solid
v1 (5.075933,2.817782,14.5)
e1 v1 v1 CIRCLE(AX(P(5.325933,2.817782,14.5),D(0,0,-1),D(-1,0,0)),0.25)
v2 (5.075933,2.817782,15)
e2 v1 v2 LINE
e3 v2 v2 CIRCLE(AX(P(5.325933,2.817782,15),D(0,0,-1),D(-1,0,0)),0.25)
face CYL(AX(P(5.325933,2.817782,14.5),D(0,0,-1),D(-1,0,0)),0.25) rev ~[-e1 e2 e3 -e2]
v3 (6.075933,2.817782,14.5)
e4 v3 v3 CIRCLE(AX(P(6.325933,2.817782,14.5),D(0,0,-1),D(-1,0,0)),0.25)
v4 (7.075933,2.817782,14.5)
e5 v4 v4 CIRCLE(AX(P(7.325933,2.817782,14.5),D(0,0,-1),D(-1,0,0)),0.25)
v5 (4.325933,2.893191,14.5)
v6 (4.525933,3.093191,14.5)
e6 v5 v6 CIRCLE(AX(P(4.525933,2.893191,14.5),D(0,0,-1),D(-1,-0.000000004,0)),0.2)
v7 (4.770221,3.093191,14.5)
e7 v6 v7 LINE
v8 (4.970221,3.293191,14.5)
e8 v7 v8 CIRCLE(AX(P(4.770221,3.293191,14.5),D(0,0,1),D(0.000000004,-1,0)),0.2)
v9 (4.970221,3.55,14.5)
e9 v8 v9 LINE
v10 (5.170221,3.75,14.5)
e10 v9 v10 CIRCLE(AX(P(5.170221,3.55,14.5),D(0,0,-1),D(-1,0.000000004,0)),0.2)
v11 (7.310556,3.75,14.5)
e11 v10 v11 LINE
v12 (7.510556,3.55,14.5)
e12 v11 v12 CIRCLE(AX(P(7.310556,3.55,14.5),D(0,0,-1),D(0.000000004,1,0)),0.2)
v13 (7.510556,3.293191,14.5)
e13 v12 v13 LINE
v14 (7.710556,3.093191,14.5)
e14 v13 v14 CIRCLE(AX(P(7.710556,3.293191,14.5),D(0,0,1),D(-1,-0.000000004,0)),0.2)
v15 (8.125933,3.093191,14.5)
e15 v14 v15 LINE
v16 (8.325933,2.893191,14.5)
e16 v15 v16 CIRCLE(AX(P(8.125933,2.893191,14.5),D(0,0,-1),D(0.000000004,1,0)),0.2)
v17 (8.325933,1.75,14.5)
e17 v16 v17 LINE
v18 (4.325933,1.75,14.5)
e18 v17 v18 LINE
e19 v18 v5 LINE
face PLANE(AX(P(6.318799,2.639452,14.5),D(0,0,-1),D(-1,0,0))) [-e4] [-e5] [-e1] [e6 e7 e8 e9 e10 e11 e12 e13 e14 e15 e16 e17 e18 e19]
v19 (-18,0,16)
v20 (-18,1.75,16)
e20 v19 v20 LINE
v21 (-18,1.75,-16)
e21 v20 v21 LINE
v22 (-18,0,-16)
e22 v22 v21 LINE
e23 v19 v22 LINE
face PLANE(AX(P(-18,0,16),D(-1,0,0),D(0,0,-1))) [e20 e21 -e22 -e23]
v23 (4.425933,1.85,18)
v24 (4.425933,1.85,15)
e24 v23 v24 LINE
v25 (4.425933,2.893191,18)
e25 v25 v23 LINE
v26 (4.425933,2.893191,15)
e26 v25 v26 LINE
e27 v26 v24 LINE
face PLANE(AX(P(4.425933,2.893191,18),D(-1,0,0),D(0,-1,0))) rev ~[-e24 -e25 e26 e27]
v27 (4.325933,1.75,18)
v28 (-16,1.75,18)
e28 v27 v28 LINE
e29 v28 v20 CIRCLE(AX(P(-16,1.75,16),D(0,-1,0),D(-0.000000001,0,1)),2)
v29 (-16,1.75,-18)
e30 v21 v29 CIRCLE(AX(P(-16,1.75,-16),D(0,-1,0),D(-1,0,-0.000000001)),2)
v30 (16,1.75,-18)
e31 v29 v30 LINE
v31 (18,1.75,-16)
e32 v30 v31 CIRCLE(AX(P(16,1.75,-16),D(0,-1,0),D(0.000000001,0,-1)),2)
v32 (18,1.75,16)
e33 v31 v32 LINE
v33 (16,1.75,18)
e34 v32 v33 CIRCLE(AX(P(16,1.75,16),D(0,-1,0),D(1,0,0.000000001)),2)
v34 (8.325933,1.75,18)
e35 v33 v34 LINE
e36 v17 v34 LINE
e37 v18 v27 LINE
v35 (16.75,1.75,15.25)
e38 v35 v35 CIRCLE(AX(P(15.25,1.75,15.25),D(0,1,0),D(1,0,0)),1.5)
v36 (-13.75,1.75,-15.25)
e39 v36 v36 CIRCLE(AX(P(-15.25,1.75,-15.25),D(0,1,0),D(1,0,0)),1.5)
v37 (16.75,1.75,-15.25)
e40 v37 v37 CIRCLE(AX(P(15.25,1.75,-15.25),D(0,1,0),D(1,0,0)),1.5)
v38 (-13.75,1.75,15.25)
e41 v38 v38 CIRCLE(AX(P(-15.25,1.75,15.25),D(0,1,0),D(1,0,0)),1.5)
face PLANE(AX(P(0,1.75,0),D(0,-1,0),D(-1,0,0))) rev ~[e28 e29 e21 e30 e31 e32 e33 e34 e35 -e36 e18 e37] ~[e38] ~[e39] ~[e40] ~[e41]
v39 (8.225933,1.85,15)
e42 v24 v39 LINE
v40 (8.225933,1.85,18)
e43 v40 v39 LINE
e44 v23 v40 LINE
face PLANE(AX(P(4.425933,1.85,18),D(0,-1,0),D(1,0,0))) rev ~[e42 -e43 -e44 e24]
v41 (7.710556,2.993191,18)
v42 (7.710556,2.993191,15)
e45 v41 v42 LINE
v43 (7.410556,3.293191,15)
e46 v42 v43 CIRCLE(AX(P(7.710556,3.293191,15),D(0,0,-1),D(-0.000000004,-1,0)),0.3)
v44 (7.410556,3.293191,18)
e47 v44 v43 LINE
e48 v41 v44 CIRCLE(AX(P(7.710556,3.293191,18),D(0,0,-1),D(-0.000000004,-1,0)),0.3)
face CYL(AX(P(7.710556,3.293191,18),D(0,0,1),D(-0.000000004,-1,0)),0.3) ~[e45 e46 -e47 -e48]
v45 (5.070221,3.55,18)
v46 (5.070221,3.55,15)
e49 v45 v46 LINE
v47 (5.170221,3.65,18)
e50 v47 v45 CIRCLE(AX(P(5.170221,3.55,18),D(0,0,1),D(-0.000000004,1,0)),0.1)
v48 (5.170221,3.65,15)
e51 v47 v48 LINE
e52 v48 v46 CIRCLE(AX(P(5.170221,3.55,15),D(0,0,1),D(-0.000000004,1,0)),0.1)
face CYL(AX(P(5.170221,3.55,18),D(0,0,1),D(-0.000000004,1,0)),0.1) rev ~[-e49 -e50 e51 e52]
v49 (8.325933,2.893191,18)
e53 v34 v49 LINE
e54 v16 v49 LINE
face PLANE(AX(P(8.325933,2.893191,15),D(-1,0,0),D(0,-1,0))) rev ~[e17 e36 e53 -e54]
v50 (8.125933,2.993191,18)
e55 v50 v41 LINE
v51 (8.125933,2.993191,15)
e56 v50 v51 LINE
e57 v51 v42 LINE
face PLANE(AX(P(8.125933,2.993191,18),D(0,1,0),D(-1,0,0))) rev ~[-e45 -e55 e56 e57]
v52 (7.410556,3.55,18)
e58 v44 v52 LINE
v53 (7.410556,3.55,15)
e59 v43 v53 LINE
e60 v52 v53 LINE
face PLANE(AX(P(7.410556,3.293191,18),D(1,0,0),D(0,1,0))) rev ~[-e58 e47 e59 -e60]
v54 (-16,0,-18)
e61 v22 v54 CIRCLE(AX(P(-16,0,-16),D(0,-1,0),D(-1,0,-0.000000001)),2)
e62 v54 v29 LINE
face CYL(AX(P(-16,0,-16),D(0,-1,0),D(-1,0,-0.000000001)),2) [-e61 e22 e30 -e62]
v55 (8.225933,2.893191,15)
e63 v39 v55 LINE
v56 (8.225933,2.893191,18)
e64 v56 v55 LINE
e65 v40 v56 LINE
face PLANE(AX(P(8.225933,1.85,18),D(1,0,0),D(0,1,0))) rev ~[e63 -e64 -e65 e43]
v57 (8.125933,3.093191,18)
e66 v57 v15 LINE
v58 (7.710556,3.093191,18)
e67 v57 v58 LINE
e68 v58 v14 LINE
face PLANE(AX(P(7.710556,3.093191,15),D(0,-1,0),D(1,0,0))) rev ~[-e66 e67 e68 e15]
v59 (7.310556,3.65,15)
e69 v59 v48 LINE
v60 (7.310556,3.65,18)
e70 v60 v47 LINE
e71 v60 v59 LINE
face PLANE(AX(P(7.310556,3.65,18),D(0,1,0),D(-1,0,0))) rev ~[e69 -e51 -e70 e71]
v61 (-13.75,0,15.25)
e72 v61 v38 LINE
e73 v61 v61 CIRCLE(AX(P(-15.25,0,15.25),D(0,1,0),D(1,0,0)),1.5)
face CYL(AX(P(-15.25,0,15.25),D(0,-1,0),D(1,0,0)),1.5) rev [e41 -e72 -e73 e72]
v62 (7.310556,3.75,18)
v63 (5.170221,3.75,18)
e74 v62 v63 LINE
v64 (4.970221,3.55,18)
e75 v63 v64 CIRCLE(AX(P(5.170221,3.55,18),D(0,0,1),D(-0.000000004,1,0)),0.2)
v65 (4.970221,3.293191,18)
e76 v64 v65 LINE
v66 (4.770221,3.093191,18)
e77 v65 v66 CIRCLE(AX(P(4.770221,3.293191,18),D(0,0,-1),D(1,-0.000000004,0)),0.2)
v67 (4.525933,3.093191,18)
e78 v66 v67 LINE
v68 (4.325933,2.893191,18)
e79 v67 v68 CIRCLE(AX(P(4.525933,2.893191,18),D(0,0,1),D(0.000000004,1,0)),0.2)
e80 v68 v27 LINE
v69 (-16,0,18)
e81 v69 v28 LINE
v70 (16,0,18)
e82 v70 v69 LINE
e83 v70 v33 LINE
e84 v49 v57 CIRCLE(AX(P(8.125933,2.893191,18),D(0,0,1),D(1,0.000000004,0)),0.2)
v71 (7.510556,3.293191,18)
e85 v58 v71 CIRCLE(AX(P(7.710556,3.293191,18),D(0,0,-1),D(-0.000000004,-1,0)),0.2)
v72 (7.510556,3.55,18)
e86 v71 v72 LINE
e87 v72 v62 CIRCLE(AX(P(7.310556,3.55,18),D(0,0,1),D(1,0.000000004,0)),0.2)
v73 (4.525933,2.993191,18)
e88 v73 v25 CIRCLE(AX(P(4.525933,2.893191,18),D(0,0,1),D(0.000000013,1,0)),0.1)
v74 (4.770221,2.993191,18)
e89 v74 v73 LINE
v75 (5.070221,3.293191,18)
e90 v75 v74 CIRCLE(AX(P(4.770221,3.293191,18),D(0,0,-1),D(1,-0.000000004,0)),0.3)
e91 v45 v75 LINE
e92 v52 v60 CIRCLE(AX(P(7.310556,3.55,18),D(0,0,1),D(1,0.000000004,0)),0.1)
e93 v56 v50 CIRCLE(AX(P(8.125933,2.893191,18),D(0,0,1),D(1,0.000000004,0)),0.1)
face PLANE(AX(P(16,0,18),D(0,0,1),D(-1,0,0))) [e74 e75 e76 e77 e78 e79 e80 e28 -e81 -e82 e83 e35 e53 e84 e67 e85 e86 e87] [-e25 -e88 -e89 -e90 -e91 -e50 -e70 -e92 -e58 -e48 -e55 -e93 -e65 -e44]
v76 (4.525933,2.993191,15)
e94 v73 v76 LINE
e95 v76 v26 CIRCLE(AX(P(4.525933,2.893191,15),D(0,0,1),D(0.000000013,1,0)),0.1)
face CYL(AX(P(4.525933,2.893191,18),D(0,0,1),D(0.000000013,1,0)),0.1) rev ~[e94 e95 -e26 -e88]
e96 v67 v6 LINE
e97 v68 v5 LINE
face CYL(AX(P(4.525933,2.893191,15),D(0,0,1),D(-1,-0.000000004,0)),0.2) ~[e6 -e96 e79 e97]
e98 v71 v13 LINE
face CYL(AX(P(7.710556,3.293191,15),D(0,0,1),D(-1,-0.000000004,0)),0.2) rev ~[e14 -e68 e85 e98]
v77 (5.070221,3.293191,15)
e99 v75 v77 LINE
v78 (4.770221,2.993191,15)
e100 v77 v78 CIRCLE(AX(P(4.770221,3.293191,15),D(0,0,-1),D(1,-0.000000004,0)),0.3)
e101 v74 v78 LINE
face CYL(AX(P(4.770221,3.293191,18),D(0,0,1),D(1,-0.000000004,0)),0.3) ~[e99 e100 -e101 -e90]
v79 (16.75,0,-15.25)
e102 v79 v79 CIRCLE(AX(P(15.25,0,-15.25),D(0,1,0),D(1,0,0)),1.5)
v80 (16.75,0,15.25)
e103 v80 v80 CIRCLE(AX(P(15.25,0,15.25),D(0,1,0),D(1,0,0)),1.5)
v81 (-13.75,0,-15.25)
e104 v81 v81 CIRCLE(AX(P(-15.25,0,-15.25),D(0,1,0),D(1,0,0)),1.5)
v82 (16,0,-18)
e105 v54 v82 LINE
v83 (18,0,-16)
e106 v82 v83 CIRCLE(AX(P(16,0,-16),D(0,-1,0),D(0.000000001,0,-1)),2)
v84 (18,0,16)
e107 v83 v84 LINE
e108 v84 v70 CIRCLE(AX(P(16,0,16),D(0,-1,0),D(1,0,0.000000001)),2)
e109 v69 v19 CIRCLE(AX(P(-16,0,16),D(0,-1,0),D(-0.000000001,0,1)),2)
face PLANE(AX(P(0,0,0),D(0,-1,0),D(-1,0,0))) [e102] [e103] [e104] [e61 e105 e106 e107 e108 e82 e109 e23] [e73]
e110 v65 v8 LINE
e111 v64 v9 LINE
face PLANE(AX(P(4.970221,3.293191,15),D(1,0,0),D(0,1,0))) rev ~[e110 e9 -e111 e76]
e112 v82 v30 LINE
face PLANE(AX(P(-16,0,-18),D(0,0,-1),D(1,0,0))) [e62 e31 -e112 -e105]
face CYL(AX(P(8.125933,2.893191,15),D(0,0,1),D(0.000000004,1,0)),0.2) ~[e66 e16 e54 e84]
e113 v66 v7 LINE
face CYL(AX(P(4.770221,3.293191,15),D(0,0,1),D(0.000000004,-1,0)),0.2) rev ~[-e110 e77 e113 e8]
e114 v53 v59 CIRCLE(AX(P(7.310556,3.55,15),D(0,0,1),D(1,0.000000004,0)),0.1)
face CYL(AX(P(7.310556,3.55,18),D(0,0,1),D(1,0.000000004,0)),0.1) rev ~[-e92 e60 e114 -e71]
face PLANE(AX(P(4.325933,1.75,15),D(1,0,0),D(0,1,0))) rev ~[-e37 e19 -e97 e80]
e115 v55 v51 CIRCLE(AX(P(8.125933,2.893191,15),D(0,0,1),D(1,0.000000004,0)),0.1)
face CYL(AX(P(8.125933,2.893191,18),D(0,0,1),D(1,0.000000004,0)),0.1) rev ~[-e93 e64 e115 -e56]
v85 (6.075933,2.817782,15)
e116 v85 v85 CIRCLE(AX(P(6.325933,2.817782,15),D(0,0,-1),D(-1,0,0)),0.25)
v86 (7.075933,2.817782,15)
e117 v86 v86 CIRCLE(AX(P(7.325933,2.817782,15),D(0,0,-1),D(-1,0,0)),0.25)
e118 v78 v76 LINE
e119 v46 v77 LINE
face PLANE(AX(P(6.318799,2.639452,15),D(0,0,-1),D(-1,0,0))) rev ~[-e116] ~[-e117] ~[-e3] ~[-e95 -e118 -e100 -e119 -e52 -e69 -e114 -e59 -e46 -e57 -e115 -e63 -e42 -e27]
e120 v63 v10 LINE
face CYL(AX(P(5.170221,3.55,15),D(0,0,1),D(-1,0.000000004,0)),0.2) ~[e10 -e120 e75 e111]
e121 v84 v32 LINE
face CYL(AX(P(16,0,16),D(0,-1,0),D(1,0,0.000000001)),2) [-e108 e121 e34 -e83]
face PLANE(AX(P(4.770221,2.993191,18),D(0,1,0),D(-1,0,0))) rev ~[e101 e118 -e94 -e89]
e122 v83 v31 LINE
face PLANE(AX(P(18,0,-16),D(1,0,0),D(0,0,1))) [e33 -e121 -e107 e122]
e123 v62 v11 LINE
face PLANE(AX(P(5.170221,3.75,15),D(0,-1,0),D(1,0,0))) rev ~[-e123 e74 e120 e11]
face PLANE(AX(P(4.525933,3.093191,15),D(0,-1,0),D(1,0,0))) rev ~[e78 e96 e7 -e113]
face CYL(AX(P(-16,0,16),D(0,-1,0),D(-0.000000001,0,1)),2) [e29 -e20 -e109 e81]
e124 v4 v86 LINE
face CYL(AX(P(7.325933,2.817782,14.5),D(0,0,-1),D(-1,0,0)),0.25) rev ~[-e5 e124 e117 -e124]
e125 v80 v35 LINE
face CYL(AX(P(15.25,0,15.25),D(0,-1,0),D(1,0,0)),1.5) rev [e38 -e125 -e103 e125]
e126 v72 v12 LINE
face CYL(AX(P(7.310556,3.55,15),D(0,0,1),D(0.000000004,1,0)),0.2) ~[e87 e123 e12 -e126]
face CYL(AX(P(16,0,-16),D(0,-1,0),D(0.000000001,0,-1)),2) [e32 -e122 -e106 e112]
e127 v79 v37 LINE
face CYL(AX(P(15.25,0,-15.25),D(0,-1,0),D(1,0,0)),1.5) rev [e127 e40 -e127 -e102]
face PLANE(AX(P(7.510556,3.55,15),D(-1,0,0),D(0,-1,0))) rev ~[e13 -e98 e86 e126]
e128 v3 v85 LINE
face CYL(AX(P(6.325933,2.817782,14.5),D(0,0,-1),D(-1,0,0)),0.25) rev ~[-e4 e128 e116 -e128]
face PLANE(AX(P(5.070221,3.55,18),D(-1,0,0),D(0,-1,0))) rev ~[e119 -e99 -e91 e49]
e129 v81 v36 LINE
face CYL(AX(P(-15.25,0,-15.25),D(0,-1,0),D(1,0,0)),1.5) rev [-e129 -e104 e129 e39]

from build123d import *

# Parameters (mm, degrees)
SKETCH1_R           = 1.5
BOSS_EXTRUDE1_DEPTH = 1.75
BOSS_EXTRUDE2_DEPTH = 3
BOSS_EXTRUDE3_DEPTH = 0.5
CUT_EXTRUDE1_REACH  = 5.5
SKETCH4_R           = 0.25


with BuildPart() as part:
    # Sketch1 → Boss-Extrude1 (new body)
    with BuildSketch(Plane(origin=(0, 0, 0), x_dir=(1, 0, 0), z_dir=(0, 1, 0))):
        with BuildLine():
            Line((16, -18), (-16, -18))
            ThreePointArc((-16, -18), (-17.414213562, -17.414213562), (-18, -16))
            Line((-18, -16), (-18, 16))
            ThreePointArc((-18, 16), (-17.414213562, 17.414213562), (-16, 18))
            Line((-16, 18), (16, 18))
            ThreePointArc((16, 18), (17.414213562, 17.414213562), (18, 16))
            Line((18, 16), (18, -16))
            ThreePointArc((18, -16), (17.414213562, -17.414213562), (16, -18))
        make_face()
        with Locations((-15.25, 15.25)):
            Circle(SKETCH1_R, mode=Mode.SUBTRACT)
        with Locations((15.25, 15.25)):
            Circle(SKETCH1_R, mode=Mode.SUBTRACT)
        with Locations((15.25, -15.25)):
            Circle(SKETCH1_R, mode=Mode.SUBTRACT)
        with Locations((-15.25, -15.25)):
            Circle(SKETCH1_R, mode=Mode.SUBTRACT)
    extrude(amount=BOSS_EXTRUDE1_DEPTH)

    # Sketch2 → Boss-Extrude2 (add)
    with BuildSketch(Plane.XY.offset(18)):
        with BuildLine():
            Line((4.325932744, 1.75), (8.325932744, 1.75))
            Line((8.325932744, 1.75), (8.325932744, 2.893191045))
            ThreePointArc((8.325932744, 2.893191045), (8.2673541, 3.034612401), (8.125932744, 3.093191045))
            Line((8.125932744, 3.093191045), (7.710555572, 3.093191045))
            ThreePointArc((7.710555572, 3.093191045), (7.569134216, 3.151769689), (7.510555572, 3.293191045))
            Line((7.510555572, 3.293191045), (7.510555572, 3.55))
            ThreePointArc((7.510555572, 3.55), (7.451976928, 3.691421356), (7.310555572, 3.75))
            Line((7.310555572, 3.75), (5.170220599, 3.75))
            ThreePointArc((5.170220599, 3.75), (5.028799243, 3.691421356), (4.970220599, 3.55))
            Line((4.970220599, 3.55), (4.970220599, 3.293191045))
            ThreePointArc((4.970220599, 3.293191045), (4.911641955, 3.151769689), (4.770220599, 3.093191045))
            Line((4.770220599, 3.093191045), (4.525932744, 3.093191045))
            ThreePointArc((4.525932744, 3.093191045), (4.384511387, 3.034612401), (4.325932744, 2.893191045))
            Line((4.325932744, 2.893191045), (4.325932744, 1.75))
        make_face()
        with BuildLine():
            Line((4.425932744, 1.85), (8.225932744, 1.85))
            Line((8.225932744, 1.85), (8.225932744, 2.893191045))
            ThreePointArc((8.225932744, 2.893191045), (8.196643422, 2.963901723), (8.125932744, 2.993191045))
            Line((8.125932744, 2.993191045), (7.710555572, 2.993191045))
            ThreePointArc((7.710555572, 2.993191045), (7.498423538, 3.081059011), (7.410555572, 3.293191045))
            Line((7.410555572, 3.293191045), (7.410555572, 3.55))
            ThreePointArc((7.410555572, 3.55), (7.38126625, 3.620710678), (7.310555572, 3.65))
            Line((7.310555572, 3.65), (5.170220599, 3.65))
            ThreePointArc((5.170220599, 3.65), (5.099509921, 3.620710678), (5.070220599, 3.55))
            Line((5.070220599, 3.55), (5.070220599, 3.293191045))
            ThreePointArc((5.070220599, 3.293191045), (4.982352633, 3.081059011), (4.770220599, 2.993191045))
            Line((4.770220599, 2.993191045), (4.525932744, 2.993191045))
            ThreePointArc((4.525932744, 2.993191045), (4.455222065, 2.963901723), (4.425932744, 2.893191045))
            Line((4.425932744, 2.893191045), (4.425932744, 1.85))
        make_face(mode=Mode.SUBTRACT)
    extrude(amount=-BOSS_EXTRUDE2_DEPTH)

    # Sketch3 → Boss-Extrude3 (add)
    with BuildSketch(Plane(origin=(0, 0, 15), x_dir=(-1, 0, 0), z_dir=(0, 0, -1))):
        with BuildLine():
            Line((-4.325932744, 1.75), (-4.325932744, 2.893191045))
            ThreePointArc((-4.325932744, 2.893191045), (-4.384511387, 3.034612401), (-4.525932744, 3.093191045))
            Line((-4.525932744, 3.093191045), (-4.770220599, 3.093191045))
            ThreePointArc((-4.770220599, 3.093191045), (-4.911641955, 3.151769689), (-4.970220599, 3.293191045))
            Line((-4.970220599, 3.293191045), (-4.970220599, 3.55))
            ThreePointArc((-4.970220599, 3.55), (-5.028799243, 3.691421356), (-5.170220599, 3.75))
            Line((-5.170220599, 3.75), (-7.310555572, 3.75))
            ThreePointArc((-7.310555572, 3.75), (-7.451976928, 3.691421356), (-7.510555572, 3.55))
            Line((-7.510555572, 3.55), (-7.510555572, 3.293191045))
            ThreePointArc((-7.510555572, 3.293191045), (-7.569134216, 3.151769689), (-7.710555572, 3.093191045))
            Line((-7.710555572, 3.093191045), (-8.125932744, 3.093191045))
            ThreePointArc((-8.125932744, 3.093191045), (-8.2673541, 3.034612401), (-8.325932744, 2.893191045))
            Line((-8.325932744, 2.893191045), (-8.325932744, 1.75))
            Line((-8.325932744, 1.75), (-4.325932744, 1.75))
        make_face()
    extrude(amount=BOSS_EXTRUDE3_DEPTH)

    # Sketch4 → Cut-Extrude1 (cut, up to next)
    with BuildSketch(Plane(origin=(0, 0, 14.5), x_dir=(-1, 0, 0), z_dir=(0, 0, -1)), mode=Mode.PRIVATE) as cut_extrude1_sk1:
        with Locations((-7.325932744, 2.817782328)):
            Circle(SKETCH4_R)
    cut_extrude1_tool1 = extrude(cut_extrude1_sk1.sketch, amount=-CUT_EXTRUDE1_REACH, mode=Mode.PRIVATE) & part.part
    add(cut_extrude1_tool1.solids().sort_by_distance((7.325933, 2.817782, 14.5))[0], mode=Mode.SUBTRACT)
    # Sketch4 → Cut-Extrude1 (cut, up to next)
    with BuildSketch(Plane(origin=(0, 0, 14.5), x_dir=(-1, 0, 0), z_dir=(0, 0, -1)), mode=Mode.PRIVATE) as cut_extrude1_sk2:
        with Locations((-6.325932744, 2.817782328)):
            Circle(SKETCH4_R)
    cut_extrude1_tool2 = extrude(cut_extrude1_sk2.sketch, amount=-CUT_EXTRUDE1_REACH, mode=Mode.PRIVATE) & part.part
    add(cut_extrude1_tool2.solids().sort_by_distance((6.325933, 2.817782, 14.5))[0], mode=Mode.SUBTRACT)
    # Sketch4 → Cut-Extrude1 (cut, up to next)
    with BuildSketch(Plane(origin=(0, 0, 14.5), x_dir=(-1, 0, 0), z_dir=(0, 0, -1)), mode=Mode.PRIVATE) as cut_extrude1_sk3:
        with Locations((-5.325932744, 2.817782328)):
            Circle(SKETCH4_R)
    cut_extrude1_tool3 = extrude(cut_extrude1_sk3.sketch, amount=-CUT_EXTRUDE1_REACH, mode=Mode.PRIVATE) & part.part
    add(cut_extrude1_tool3.solids().sort_by_distance((5.325933, 2.817782, 14.5))[0], mode=Mode.SUBTRACT)


solid = part.part
